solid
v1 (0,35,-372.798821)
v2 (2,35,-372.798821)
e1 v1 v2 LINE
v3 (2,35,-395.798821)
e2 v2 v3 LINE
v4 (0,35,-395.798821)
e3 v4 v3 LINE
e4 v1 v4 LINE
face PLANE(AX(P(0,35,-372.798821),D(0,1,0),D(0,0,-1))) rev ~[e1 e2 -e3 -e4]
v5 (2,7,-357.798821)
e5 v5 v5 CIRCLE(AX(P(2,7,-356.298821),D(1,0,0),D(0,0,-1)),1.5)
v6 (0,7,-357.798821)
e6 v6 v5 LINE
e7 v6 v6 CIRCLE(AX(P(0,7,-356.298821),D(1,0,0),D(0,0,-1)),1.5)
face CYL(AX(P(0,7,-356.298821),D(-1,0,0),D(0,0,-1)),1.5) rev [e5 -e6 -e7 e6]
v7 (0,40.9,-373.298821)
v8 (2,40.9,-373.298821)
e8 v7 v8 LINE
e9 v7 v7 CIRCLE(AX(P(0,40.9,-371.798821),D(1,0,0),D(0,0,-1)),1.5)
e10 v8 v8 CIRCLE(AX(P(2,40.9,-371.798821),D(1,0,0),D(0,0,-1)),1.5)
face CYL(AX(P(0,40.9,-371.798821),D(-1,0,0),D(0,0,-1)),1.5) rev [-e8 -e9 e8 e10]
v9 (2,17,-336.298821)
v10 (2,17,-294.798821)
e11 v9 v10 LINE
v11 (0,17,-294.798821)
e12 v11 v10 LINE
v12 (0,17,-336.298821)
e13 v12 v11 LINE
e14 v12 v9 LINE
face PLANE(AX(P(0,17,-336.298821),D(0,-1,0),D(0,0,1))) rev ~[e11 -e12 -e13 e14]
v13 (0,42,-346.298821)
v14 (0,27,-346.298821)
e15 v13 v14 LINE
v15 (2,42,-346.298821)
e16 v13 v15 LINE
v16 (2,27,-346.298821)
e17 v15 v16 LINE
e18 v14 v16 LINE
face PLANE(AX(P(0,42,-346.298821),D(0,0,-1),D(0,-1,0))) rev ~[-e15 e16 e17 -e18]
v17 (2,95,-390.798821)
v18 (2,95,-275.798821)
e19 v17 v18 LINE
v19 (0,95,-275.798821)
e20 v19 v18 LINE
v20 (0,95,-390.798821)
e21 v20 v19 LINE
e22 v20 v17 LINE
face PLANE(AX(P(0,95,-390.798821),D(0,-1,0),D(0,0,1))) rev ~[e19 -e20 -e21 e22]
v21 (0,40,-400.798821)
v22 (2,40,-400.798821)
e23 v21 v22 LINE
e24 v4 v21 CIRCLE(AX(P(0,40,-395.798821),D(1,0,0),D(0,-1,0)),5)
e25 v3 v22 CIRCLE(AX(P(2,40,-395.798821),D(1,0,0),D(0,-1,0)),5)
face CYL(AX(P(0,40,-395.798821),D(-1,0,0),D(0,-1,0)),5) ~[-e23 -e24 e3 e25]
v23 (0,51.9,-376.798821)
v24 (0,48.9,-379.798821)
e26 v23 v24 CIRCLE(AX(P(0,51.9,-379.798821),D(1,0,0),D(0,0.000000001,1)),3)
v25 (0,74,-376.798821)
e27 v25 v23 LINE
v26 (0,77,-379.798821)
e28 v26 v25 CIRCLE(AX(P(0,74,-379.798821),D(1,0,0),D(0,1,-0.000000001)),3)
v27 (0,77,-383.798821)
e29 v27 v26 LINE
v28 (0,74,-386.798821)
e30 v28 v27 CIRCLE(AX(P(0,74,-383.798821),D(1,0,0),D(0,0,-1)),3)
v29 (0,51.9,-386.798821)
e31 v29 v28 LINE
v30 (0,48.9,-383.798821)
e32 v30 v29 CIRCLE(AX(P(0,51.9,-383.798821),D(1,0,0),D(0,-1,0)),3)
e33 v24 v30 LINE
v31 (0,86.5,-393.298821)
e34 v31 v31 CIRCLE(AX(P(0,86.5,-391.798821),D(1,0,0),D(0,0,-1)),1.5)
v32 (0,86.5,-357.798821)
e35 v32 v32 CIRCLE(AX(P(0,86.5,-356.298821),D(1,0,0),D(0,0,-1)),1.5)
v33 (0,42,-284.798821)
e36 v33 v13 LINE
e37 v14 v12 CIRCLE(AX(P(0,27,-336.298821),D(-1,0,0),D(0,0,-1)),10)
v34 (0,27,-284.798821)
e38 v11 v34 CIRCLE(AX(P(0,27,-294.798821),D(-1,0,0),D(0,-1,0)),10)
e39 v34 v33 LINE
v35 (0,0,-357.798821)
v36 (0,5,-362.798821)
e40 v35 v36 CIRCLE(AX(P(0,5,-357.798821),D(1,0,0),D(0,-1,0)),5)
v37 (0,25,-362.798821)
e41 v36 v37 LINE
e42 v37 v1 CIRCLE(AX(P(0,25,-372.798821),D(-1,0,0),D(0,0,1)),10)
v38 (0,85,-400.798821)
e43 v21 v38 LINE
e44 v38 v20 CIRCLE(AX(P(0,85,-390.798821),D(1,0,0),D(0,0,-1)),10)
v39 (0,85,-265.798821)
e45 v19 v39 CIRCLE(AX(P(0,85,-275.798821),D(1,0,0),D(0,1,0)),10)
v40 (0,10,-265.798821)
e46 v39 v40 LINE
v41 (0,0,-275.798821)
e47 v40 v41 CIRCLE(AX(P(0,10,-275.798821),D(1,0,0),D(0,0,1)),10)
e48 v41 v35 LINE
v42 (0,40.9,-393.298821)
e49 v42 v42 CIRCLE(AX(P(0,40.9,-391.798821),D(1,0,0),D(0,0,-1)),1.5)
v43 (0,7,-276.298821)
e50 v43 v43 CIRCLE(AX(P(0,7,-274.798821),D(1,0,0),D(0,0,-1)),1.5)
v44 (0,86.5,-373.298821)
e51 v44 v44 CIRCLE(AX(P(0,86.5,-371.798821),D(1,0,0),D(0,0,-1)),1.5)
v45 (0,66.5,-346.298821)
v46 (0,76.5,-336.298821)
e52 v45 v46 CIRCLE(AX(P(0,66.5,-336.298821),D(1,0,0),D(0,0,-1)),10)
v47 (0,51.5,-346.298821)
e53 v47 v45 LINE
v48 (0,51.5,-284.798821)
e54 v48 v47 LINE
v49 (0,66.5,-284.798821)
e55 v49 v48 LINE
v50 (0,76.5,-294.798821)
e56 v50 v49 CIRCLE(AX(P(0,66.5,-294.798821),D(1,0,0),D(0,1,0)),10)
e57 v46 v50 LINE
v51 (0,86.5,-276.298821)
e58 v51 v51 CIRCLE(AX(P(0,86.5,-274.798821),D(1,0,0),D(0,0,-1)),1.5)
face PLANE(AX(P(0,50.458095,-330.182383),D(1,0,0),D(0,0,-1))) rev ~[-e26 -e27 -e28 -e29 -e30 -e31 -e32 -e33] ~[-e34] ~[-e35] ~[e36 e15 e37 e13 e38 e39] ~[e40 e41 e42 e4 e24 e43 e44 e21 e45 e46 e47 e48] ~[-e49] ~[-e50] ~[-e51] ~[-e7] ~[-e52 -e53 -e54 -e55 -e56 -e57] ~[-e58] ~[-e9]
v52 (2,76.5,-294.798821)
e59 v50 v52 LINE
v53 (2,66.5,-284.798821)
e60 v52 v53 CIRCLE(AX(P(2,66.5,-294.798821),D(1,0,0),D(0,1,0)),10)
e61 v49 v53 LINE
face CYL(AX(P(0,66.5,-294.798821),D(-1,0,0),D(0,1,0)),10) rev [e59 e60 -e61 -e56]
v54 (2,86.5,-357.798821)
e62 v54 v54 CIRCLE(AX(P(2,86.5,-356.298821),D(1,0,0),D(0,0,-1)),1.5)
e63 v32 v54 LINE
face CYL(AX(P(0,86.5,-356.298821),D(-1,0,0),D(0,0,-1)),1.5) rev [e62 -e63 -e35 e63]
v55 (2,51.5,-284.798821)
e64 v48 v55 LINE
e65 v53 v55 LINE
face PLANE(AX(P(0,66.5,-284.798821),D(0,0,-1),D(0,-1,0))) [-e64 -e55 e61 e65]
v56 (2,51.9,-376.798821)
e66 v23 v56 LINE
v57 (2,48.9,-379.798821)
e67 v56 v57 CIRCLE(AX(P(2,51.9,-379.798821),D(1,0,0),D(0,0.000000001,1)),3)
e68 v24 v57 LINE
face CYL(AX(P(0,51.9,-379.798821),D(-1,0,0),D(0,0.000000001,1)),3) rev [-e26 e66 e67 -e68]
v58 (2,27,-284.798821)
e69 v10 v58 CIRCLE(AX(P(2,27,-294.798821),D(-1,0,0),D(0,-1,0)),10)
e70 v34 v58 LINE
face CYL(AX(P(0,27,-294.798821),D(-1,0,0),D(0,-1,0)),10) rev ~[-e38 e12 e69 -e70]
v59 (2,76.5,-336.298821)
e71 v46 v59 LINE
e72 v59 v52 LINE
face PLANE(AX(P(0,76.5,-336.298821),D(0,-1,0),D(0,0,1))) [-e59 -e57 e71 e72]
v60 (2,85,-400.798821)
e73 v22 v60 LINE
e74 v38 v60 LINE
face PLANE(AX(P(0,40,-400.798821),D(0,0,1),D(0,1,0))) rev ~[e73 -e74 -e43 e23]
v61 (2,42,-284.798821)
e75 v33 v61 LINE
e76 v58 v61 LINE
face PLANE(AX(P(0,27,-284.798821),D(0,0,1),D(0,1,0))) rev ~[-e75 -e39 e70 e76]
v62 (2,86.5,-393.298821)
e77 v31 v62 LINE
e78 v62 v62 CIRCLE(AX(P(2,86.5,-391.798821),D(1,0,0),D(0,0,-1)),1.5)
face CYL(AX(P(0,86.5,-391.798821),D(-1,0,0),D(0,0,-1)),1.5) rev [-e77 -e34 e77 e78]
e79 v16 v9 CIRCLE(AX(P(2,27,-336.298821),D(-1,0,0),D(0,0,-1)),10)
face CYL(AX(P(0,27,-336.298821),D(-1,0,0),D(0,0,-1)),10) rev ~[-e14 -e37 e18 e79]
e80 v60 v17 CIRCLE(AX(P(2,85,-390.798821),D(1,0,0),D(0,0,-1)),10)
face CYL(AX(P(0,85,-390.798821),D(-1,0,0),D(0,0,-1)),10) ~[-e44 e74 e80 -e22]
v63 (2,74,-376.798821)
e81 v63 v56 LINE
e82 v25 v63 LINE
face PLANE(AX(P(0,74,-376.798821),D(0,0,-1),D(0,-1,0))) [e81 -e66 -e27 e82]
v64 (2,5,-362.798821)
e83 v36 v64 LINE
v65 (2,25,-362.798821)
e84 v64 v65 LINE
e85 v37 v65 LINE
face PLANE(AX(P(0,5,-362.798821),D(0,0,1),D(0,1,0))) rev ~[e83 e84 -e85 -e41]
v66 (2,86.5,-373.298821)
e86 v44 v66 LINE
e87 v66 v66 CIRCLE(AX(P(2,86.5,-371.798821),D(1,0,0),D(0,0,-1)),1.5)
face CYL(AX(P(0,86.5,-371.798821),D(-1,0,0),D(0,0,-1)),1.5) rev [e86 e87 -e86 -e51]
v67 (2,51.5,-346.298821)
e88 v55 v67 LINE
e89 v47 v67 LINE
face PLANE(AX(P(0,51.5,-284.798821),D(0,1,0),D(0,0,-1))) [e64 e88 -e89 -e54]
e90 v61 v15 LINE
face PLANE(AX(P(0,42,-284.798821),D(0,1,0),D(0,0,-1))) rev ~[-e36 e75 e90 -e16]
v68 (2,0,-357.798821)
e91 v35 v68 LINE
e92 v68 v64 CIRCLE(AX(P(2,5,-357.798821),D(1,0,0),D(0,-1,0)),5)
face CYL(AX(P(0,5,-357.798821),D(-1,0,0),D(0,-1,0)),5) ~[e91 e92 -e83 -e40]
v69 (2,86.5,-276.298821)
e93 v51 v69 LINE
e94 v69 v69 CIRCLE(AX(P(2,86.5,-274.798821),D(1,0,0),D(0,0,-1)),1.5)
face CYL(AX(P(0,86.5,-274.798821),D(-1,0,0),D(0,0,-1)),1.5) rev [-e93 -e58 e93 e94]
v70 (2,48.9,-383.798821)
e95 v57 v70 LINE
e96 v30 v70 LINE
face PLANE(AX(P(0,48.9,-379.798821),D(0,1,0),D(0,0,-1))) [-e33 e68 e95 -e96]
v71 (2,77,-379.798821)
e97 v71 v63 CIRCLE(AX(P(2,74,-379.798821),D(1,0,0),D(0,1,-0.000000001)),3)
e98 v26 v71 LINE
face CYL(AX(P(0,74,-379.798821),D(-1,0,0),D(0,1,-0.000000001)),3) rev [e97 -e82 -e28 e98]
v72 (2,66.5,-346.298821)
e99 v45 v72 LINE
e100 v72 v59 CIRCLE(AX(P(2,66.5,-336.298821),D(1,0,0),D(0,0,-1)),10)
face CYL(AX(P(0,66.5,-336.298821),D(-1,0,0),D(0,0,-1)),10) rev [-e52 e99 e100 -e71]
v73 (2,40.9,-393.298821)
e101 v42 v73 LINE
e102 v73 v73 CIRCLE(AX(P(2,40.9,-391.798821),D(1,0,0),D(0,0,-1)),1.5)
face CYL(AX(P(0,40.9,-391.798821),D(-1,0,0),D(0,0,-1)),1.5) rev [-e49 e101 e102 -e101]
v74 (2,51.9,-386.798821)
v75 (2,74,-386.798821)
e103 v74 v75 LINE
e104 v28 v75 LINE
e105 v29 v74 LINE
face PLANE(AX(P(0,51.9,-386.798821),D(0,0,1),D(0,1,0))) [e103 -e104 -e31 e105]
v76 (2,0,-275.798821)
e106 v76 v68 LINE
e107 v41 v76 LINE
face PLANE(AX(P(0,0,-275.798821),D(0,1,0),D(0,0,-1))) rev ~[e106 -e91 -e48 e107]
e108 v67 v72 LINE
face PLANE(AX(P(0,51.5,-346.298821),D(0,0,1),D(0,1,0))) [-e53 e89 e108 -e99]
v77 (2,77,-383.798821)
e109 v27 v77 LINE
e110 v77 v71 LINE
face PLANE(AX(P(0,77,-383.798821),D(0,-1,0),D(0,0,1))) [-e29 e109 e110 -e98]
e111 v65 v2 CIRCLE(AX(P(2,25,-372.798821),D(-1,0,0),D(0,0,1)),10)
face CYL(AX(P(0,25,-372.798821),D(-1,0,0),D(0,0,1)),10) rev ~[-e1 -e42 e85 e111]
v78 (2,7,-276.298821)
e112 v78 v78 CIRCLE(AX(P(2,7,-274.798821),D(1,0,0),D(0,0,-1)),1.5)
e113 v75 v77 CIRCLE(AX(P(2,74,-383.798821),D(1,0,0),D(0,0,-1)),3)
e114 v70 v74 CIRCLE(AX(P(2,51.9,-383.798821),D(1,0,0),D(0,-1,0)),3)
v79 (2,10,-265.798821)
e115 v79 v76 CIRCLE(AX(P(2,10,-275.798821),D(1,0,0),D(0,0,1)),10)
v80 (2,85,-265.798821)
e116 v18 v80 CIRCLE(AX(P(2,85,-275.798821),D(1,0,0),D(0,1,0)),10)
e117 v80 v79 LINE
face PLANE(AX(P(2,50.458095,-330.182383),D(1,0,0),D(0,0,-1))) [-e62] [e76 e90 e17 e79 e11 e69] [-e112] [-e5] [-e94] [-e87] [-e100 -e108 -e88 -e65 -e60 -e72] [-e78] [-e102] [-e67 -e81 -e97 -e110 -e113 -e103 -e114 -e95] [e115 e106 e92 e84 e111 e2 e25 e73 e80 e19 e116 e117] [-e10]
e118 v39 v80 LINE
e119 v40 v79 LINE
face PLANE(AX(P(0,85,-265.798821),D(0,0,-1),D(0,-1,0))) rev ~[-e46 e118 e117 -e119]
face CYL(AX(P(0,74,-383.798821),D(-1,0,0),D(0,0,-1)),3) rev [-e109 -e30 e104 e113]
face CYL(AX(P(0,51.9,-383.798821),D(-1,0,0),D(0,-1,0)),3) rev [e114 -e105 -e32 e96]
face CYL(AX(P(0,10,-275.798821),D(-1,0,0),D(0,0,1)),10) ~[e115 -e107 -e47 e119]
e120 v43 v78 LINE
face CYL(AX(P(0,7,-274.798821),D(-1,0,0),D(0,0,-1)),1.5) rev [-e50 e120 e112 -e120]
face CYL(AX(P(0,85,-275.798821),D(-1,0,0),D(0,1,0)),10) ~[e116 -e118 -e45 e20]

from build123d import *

# Parameters (mm, degrees)
SKETCH2_R           = 1.5
BOSS_EXTRUDE1_DEPTH = 2


with BuildPart() as part:
    # Sketch2 → Boss-Extrude1 (new body)
    with BuildSketch(Plane(origin=(0, 0, 0), x_dir=(0, 0, -1), z_dir=(1, 0, 0))):
        with BuildLine():
            Line((390.798820845, 95), (275.798820845, 95))
            ThreePointArc((275.798820845, 95), (268.727753033, 92.071067812), (265.798820845, 85))
            Line((265.798820845, 85), (265.798820845, 10))
            ThreePointArc((265.798820845, 10), (268.727753033, 2.928932188), (275.798820845, 0))
            Line((275.798820845, 0), (357.798820845, 0))
            ThreePointArc((357.798820845, 0), (361.334354751, 1.464466094), (362.798820845, 5))
            Line((362.798820845, 5), (362.798820845, 25))
            ThreePointArc((362.798820845, 25), (365.727753033, 32.071067812), (372.798820845, 35))
            Line((372.798820845, 35), (395.798820845, 35))
            ThreePointArc((395.798820845, 35), (399.334354751, 36.464466094), (400.798820845, 40))
            Line((400.798820845, 40), (400.798820845, 85))
            ThreePointArc((400.798820845, 85), (397.869888657, 92.071067812), (390.798820845, 95))
        make_face()
        with Locations((371.798820845, 86.5)):
            Circle(SKETCH2_R, mode=Mode.SUBTRACT)
        with Locations((391.798820845, 86.5)):
            Circle(SKETCH2_R, mode=Mode.SUBTRACT)
        with Locations((391.798820845, 40.9)):
            Circle(SKETCH2_R, mode=Mode.SUBTRACT)
        with Locations((371.798820845, 40.9)):
            Circle(SKETCH2_R, mode=Mode.SUBTRACT)
        with Locations((356.298820845, 7)):
            Circle(SKETCH2_R, mode=Mode.SUBTRACT)
        with Locations((274.798820845, 7)):
            Circle(SKETCH2_R, mode=Mode.SUBTRACT)
        with Locations((274.798820845, 86.5)):
            Circle(SKETCH2_R, mode=Mode.SUBTRACT)
        with Locations((356.298820845, 86.5)):
            Circle(SKETCH2_R, mode=Mode.SUBTRACT)
        with BuildLine():
            Line((284.798820845, 42), (346.298820845, 42))
            Line((346.298820845, 42), (346.298820845, 27))
            ThreePointArc((346.298820845, 27), (343.369888657, 19.928932188), (336.298820845, 17))
            Line((336.298820845, 17), (294.798820845, 17))
            ThreePointArc((294.798820845, 17), (287.727753033, 19.928932188), (284.798820845, 27))
            Line((284.798820845, 27), (284.798820845, 42))
        make_face(mode=Mode.SUBTRACT)
        with BuildLine():
            Line((336.298820845, 76.5), (294.798820845, 76.5))
            ThreePointArc((294.798820845, 76.5), (287.727753033, 73.571067812), (284.798820845, 66.5))
            Line((284.798820845, 66.5), (284.798820845, 51.5))
            Line((284.798820845, 51.5), (346.298820845, 51.5))
            Line((346.298820845, 51.5), (346.298820845, 66.5))
            ThreePointArc((346.298820845, 66.5), (343.369888657, 73.571067812), (336.298820845, 76.5))
        make_face(mode=Mode.SUBTRACT)
        with BuildLine():
            Line((383.798820845, 77), (379.798820845, 77))
            ThreePointArc((379.798820845, 77), (377.677500501, 76.121320344), (376.798820845, 74))
            Line((376.798820845, 74), (376.798820845, 51.9))
            ThreePointArc((376.798820845, 51.9), (377.677500501, 49.778679656), (379.798820845, 48.9))
            Line((379.798820845, 48.9), (383.798820845, 48.9))
            ThreePointArc((383.798820845, 48.9), (385.920141188, 49.778679656), (386.798820845, 51.9))
            Line((386.798820845, 51.9), (386.798820845, 74))
            ThreePointArc((386.798820845, 74), (385.920141188, 76.121320344), (383.798820845, 77))
        make_face(mode=Mode.SUBTRACT)
    extrude(amount=BOSS_EXTRUDE1_DEPTH)


solid = part.part
